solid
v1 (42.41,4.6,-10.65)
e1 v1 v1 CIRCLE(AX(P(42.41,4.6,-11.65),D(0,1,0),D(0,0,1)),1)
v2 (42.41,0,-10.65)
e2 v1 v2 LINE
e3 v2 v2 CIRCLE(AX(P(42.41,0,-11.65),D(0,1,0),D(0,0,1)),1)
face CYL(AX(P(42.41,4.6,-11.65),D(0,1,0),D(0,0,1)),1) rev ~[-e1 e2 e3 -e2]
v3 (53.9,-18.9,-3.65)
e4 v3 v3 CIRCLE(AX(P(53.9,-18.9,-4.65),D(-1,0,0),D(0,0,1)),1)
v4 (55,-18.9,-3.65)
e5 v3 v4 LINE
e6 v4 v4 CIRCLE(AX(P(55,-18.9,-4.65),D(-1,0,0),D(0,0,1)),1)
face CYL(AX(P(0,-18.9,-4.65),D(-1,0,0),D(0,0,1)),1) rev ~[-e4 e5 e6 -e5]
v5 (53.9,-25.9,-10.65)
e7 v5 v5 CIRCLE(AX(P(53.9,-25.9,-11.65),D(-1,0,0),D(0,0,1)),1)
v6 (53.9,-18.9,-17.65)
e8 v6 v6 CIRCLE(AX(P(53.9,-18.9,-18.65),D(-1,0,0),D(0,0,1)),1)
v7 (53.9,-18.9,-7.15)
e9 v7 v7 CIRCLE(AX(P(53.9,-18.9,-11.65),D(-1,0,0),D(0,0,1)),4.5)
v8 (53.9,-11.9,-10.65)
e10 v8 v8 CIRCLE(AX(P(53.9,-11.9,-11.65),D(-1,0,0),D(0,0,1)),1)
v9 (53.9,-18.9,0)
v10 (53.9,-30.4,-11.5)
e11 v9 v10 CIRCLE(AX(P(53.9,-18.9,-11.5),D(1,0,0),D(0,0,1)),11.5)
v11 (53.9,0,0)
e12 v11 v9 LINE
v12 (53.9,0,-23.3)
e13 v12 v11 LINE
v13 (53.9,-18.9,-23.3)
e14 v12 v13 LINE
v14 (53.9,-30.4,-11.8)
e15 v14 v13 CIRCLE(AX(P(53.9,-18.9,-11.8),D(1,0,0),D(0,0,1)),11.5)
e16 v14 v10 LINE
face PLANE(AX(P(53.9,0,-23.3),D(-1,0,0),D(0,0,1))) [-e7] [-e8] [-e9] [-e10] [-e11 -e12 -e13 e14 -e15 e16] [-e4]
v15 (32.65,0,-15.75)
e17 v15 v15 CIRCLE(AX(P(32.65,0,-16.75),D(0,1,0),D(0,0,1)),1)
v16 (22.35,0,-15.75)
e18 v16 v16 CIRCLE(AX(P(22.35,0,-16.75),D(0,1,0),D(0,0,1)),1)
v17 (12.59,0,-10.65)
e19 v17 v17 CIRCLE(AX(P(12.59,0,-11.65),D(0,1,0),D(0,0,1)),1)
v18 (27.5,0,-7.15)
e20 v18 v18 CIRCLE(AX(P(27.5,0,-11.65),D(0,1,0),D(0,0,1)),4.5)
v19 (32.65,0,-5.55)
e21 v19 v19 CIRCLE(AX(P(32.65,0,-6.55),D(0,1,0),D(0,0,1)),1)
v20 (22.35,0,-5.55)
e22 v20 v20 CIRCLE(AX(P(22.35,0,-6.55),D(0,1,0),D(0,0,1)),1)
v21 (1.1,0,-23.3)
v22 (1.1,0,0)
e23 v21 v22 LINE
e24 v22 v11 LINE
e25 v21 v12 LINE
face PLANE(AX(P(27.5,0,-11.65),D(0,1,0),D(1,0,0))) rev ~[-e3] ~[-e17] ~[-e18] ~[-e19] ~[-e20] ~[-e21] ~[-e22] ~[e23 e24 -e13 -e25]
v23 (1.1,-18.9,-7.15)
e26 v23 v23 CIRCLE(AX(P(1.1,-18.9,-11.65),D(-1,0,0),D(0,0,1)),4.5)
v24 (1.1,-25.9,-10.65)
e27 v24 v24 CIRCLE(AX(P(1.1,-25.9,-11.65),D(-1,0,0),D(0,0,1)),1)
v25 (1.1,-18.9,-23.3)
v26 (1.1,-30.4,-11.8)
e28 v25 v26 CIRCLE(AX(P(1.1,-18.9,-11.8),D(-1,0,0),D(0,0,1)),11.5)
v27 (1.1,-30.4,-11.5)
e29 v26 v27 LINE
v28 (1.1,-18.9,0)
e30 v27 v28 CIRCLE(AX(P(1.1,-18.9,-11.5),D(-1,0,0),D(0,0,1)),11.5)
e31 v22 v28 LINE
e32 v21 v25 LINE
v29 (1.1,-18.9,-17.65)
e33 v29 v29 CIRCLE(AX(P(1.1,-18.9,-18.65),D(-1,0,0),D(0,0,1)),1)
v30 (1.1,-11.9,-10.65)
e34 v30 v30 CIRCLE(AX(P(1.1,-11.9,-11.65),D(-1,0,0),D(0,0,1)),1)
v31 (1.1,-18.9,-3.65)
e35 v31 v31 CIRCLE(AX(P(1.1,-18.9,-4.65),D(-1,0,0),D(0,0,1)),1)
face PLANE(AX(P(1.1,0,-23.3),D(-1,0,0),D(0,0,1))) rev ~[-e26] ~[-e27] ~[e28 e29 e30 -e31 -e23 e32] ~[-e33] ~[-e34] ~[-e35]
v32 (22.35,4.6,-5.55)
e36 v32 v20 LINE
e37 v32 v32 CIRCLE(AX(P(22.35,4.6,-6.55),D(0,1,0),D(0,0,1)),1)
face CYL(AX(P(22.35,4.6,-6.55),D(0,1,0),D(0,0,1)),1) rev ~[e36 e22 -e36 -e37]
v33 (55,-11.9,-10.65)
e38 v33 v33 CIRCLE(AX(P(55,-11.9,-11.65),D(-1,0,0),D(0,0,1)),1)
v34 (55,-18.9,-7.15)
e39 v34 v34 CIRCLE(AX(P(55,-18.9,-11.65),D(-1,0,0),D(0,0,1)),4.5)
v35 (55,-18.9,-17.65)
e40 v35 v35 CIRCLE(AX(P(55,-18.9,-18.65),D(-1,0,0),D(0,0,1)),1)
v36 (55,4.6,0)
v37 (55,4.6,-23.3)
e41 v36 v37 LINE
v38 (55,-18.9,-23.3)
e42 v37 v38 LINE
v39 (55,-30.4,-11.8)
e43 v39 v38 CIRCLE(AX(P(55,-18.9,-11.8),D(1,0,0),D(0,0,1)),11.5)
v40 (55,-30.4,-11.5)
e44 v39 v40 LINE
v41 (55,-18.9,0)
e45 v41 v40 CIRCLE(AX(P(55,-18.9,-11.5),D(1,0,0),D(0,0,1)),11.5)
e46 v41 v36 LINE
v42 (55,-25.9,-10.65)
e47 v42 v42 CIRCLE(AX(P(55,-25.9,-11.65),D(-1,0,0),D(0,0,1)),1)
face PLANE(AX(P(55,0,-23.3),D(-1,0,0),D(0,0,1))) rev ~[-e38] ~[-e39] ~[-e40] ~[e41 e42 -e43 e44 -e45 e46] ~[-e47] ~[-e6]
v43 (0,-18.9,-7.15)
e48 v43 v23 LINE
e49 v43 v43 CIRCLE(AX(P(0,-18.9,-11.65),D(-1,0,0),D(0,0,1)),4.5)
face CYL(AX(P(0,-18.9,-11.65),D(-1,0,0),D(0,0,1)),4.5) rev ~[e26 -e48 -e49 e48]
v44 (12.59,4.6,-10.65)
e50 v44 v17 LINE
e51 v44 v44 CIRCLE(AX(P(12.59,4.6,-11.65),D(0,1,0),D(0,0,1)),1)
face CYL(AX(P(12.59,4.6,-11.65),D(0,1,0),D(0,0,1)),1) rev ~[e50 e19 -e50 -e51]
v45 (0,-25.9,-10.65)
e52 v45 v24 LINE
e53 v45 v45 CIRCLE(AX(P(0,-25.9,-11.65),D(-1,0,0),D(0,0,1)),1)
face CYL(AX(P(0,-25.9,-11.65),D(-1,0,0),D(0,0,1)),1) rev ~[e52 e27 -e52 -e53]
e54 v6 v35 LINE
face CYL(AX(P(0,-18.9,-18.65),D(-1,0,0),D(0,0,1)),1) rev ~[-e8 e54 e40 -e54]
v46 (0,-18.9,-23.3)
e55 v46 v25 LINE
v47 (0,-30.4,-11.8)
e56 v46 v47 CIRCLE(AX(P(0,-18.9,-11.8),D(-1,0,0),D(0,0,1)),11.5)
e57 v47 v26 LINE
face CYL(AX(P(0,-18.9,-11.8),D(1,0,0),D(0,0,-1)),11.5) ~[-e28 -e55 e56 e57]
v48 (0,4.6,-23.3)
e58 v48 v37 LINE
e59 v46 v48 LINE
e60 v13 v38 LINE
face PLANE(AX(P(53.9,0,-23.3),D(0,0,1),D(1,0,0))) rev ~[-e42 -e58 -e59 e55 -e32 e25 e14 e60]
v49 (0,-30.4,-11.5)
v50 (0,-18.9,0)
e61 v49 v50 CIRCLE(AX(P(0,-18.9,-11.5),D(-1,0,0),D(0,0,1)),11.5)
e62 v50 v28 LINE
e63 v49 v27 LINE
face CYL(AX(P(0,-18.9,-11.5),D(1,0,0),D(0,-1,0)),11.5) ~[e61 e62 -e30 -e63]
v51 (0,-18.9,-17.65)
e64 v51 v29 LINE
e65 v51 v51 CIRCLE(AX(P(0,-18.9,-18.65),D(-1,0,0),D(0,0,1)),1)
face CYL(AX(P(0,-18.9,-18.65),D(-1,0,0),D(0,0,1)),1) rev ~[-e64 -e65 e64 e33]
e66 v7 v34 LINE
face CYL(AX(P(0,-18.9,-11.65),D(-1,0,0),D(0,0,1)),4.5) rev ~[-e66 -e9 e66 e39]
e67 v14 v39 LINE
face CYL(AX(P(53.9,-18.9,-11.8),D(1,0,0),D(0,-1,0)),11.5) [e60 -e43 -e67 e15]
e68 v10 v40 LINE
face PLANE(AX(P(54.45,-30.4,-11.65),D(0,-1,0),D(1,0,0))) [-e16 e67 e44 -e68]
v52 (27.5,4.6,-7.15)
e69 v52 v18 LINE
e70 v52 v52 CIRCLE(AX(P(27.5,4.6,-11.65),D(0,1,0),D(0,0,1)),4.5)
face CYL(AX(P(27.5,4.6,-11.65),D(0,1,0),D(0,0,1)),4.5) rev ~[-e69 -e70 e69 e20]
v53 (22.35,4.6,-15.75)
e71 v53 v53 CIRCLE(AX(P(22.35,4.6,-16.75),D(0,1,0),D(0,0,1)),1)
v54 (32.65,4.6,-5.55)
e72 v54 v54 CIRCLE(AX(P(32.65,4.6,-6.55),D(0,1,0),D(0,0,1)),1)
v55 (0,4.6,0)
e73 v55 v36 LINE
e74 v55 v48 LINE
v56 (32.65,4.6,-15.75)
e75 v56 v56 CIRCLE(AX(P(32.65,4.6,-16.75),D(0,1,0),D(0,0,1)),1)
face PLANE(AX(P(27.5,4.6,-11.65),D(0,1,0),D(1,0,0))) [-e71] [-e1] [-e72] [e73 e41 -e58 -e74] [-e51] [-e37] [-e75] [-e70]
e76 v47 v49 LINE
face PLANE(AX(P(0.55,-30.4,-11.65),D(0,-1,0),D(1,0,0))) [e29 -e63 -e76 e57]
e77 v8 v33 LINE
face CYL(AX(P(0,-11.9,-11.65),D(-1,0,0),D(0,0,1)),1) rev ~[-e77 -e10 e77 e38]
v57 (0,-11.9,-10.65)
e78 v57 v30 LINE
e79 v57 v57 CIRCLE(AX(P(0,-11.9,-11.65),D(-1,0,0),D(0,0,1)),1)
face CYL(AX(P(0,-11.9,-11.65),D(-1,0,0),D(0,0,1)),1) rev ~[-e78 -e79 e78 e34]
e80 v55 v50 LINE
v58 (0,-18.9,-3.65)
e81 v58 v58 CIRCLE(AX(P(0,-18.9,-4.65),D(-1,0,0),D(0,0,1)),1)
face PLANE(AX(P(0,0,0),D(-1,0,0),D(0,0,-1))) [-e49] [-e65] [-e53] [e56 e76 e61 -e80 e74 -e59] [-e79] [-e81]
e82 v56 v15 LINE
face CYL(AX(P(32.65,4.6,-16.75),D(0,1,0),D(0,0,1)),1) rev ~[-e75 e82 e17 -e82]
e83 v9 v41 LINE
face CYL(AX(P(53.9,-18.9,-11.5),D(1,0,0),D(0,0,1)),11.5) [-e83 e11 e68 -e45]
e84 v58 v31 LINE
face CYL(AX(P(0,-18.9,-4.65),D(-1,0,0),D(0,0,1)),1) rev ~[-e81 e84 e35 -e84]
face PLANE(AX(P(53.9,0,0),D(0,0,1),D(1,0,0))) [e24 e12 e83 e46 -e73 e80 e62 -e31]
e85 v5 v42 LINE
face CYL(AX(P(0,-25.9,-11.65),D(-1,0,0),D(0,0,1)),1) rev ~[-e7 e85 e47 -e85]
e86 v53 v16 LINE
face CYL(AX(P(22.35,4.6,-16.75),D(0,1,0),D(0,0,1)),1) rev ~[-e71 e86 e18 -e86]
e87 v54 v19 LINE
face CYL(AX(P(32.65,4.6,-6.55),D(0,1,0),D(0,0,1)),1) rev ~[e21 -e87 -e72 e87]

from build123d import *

# Parameters (mm, degrees)
SKETCH1_W                = 55
SKETCH1_H                = 23.3
MOUNTPLATE_DEPTH         = 4.6
SKETCH3_R                = 4.5
AXLEHOLE_MOUNT_DEPTH     = 4.6
SKETCH2_R                = 1
MOUNTHOLES_DEPTH         = 4.6
SKETCH4_W                = 1.1
SKETCH4_H                = 23.3
SERVOLEGS_DEPTH          = 30.4
CENTERHOLES_REACH        = 69.023
SKETCH5_R                = 4.5
ROTATOR_MOUNTHOLES_REACH = 69.023
SKETCH6_R                = 1
FILLET1_R                = 11.5
FILLET2_R                = 11.5
FILLET3_R                = 11.5
FILLET4_R                = 11.5


with BuildPart() as part:
    # Sketch1 → MountPlate (new body)
    with BuildSketch(Plane(origin=(0, 0, 0), x_dir=(1, 0, 0), z_dir=(0, 1, 0))):
        with Locations((27.5, 11.65)):
            Rectangle(SKETCH1_W, SKETCH1_H)
    extrude(amount=MOUNTPLATE_DEPTH)

    # Sketch3 → AxleHole-Mount (cut)
    with BuildSketch(Plane(origin=(0, 4.6, 0), x_dir=(1, 0, 0), z_dir=(0, 1, 0))):
        with Locations(Location((27.5, 11.65, 0), (0, 0, 270))):
            Circle(SKETCH3_R)
    extrude(amount=-AXLEHOLE_MOUNT_DEPTH, mode=Mode.SUBTRACT)

    # Sketch2 → MountHoles (cut)
    with BuildSketch(Plane(origin=(0, 4.6, 0), x_dir=(1, 0, 0), z_dir=(0, 1, 0))):
        with Locations(Location((22.35, 16.75, 0), (0, 0, 270))):
            Circle(SKETCH2_R)
        with Locations(Location((12.59, 11.65, 0), (0, 0, 270))):
            Circle(SKETCH2_R)
        with Locations(Location((32.65, 16.75, 0), (0, 0, 270))):
            Circle(SKETCH2_R)
        with Locations(Location((22.35, 6.55, 0), (0, 0, 270))):
            Circle(SKETCH2_R)
        with Locations(Location((42.41, 11.65, 0), (0, 0, 270))):
            Circle(SKETCH2_R)
        with Locations(Location((32.65, 6.55, 0), (0, 0, 270))):
            Circle(SKETCH2_R)
    extrude(amount=-MOUNTHOLES_DEPTH, mode=Mode.SUBTRACT)

    # Sketch4 → ServoLegs (add)
    with BuildSketch(Plane.XZ):
        with Locations((54.45, -11.65)):
            Rectangle(SKETCH4_W, SKETCH4_H)
        with Locations((0.55, -11.65)):
            Rectangle(SKETCH4_W, SKETCH4_H)
    extrude(amount=SERVOLEGS_DEPTH)

    # CenterHoles: up to this face of the body (flat: up to its plane)
    centerholes_end = Plane(part.part.faces().sort_by_distance((55, -12.9, -11.65))[0])
    # Sketch5 → CenterHoles (cut, up to the picked face)
    with BuildSketch(Plane.ZY, mode=Mode.PRIVATE) as centerholes_sk1:
        with Locations((-11.65, -18.9)):
            Circle(SKETCH5_R)
    centerholes_tool1 = split(extrude(centerholes_sk1.sketch, amount=-CENTERHOLES_REACH, mode=Mode.PRIVATE), bisect_by=centerholes_end, keep=Keep.BOTH, mode=Mode.PRIVATE)
    add(centerholes_tool1.solids().sort_by(Axis((0, -18.9, -11.65), (1, 0, 0)))[0], mode=Mode.SUBTRACT)

    # Rotator-MountHoles: up to this face of the body (flat: up to its plane)
    rotator_mountholes_end = Plane(part.part.faces().sort_by_distance((55, -12.392336394, -11.65))[0])
    # Sketch6 → Rotator-MountHoles (cut, up to the picked face)
    with BuildSketch(Plane.ZY, mode=Mode.PRIVATE) as rotator_mountholes_sk1:
        with Locations((-11.65, -25.9)):
            Circle(SKETCH6_R)
    rotator_mountholes_tool1 = split(extrude(rotator_mountholes_sk1.sketch, amount=-ROTATOR_MOUNTHOLES_REACH, mode=Mode.PRIVATE), bisect_by=rotator_mountholes_end, keep=Keep.BOTH, mode=Mode.PRIVATE)
    # Sketch6 → Rotator-MountHoles (cut, up to the picked face)
    with BuildSketch(Plane.ZY, mode=Mode.PRIVATE) as rotator_mountholes_sk2:
        with Locations((-18.65, -18.9)):
            Circle(SKETCH6_R)
    rotator_mountholes_tool2 = split(extrude(rotator_mountholes_sk2.sketch, amount=-ROTATOR_MOUNTHOLES_REACH, mode=Mode.PRIVATE), bisect_by=rotator_mountholes_end, keep=Keep.BOTH, mode=Mode.PRIVATE)
    # Sketch6 → Rotator-MountHoles (cut, up to the picked face)
    with BuildSketch(Plane.ZY, mode=Mode.PRIVATE) as rotator_mountholes_sk3:
        with Locations((-11.65, -11.9)):
            Circle(SKETCH6_R)
    rotator_mountholes_tool3 = split(extrude(rotator_mountholes_sk3.sketch, amount=-ROTATOR_MOUNTHOLES_REACH, mode=Mode.PRIVATE), bisect_by=rotator_mountholes_end, keep=Keep.BOTH, mode=Mode.PRIVATE)
    # Sketch6 → Rotator-MountHoles (cut, up to the picked face)
    with BuildSketch(Plane.ZY, mode=Mode.PRIVATE) as rotator_mountholes_sk4:
        with Locations((-4.65, -18.9)):
            Circle(SKETCH6_R)
    rotator_mountholes_tool4 = split(extrude(rotator_mountholes_sk4.sketch, amount=-ROTATOR_MOUNTHOLES_REACH, mode=Mode.PRIVATE), bisect_by=rotator_mountholes_end, keep=Keep.BOTH, mode=Mode.PRIVATE)
    add(rotator_mountholes_tool1.solids().sort_by(Axis((0, -25.9, -11.65), (1, 0, 0)))[0], mode=Mode.SUBTRACT)
    add(rotator_mountholes_tool2.solids().sort_by(Axis((0, -18.9, -18.65), (1, 0, 0)))[0], mode=Mode.SUBTRACT)
    add(rotator_mountholes_tool3.solids().sort_by(Axis((0, -11.9, -11.65), (1, 0, 0)))[0], mode=Mode.SUBTRACT)
    add(rotator_mountholes_tool4.solids().sort_by(Axis((0, -18.9, -4.65), (1, 0, 0)))[0], mode=Mode.SUBTRACT)

    # Fillet1
    fillet1_edges = [part.edges().sort_by_distance(p)[0] for p in [
        (0.55, -30.4, -23.3),
    ]]
    fillet(fillet1_edges, radius=FILLET1_R)

    # Fillet2
    fillet2_edges = [part.edges().sort_by_distance(p)[0] for p in [
        (0.55, -30.4, 0),
    ]]
    fillet(fillet2_edges, radius=FILLET2_R)

    # Fillet3
    fillet3_edges = [part.edges().sort_by_distance(p)[0] for p in [
        (54.45, -30.4, 0),
    ]]
    fillet(fillet3_edges, radius=FILLET3_R)

    # Fillet4
    fillet4_edges = [part.edges().sort_by_distance(p)[0] for p in [
        (54.45, -30.4, -23.3),
    ]]
    fillet(fillet4_edges, radius=FILLET4_R)


solid = part.part
